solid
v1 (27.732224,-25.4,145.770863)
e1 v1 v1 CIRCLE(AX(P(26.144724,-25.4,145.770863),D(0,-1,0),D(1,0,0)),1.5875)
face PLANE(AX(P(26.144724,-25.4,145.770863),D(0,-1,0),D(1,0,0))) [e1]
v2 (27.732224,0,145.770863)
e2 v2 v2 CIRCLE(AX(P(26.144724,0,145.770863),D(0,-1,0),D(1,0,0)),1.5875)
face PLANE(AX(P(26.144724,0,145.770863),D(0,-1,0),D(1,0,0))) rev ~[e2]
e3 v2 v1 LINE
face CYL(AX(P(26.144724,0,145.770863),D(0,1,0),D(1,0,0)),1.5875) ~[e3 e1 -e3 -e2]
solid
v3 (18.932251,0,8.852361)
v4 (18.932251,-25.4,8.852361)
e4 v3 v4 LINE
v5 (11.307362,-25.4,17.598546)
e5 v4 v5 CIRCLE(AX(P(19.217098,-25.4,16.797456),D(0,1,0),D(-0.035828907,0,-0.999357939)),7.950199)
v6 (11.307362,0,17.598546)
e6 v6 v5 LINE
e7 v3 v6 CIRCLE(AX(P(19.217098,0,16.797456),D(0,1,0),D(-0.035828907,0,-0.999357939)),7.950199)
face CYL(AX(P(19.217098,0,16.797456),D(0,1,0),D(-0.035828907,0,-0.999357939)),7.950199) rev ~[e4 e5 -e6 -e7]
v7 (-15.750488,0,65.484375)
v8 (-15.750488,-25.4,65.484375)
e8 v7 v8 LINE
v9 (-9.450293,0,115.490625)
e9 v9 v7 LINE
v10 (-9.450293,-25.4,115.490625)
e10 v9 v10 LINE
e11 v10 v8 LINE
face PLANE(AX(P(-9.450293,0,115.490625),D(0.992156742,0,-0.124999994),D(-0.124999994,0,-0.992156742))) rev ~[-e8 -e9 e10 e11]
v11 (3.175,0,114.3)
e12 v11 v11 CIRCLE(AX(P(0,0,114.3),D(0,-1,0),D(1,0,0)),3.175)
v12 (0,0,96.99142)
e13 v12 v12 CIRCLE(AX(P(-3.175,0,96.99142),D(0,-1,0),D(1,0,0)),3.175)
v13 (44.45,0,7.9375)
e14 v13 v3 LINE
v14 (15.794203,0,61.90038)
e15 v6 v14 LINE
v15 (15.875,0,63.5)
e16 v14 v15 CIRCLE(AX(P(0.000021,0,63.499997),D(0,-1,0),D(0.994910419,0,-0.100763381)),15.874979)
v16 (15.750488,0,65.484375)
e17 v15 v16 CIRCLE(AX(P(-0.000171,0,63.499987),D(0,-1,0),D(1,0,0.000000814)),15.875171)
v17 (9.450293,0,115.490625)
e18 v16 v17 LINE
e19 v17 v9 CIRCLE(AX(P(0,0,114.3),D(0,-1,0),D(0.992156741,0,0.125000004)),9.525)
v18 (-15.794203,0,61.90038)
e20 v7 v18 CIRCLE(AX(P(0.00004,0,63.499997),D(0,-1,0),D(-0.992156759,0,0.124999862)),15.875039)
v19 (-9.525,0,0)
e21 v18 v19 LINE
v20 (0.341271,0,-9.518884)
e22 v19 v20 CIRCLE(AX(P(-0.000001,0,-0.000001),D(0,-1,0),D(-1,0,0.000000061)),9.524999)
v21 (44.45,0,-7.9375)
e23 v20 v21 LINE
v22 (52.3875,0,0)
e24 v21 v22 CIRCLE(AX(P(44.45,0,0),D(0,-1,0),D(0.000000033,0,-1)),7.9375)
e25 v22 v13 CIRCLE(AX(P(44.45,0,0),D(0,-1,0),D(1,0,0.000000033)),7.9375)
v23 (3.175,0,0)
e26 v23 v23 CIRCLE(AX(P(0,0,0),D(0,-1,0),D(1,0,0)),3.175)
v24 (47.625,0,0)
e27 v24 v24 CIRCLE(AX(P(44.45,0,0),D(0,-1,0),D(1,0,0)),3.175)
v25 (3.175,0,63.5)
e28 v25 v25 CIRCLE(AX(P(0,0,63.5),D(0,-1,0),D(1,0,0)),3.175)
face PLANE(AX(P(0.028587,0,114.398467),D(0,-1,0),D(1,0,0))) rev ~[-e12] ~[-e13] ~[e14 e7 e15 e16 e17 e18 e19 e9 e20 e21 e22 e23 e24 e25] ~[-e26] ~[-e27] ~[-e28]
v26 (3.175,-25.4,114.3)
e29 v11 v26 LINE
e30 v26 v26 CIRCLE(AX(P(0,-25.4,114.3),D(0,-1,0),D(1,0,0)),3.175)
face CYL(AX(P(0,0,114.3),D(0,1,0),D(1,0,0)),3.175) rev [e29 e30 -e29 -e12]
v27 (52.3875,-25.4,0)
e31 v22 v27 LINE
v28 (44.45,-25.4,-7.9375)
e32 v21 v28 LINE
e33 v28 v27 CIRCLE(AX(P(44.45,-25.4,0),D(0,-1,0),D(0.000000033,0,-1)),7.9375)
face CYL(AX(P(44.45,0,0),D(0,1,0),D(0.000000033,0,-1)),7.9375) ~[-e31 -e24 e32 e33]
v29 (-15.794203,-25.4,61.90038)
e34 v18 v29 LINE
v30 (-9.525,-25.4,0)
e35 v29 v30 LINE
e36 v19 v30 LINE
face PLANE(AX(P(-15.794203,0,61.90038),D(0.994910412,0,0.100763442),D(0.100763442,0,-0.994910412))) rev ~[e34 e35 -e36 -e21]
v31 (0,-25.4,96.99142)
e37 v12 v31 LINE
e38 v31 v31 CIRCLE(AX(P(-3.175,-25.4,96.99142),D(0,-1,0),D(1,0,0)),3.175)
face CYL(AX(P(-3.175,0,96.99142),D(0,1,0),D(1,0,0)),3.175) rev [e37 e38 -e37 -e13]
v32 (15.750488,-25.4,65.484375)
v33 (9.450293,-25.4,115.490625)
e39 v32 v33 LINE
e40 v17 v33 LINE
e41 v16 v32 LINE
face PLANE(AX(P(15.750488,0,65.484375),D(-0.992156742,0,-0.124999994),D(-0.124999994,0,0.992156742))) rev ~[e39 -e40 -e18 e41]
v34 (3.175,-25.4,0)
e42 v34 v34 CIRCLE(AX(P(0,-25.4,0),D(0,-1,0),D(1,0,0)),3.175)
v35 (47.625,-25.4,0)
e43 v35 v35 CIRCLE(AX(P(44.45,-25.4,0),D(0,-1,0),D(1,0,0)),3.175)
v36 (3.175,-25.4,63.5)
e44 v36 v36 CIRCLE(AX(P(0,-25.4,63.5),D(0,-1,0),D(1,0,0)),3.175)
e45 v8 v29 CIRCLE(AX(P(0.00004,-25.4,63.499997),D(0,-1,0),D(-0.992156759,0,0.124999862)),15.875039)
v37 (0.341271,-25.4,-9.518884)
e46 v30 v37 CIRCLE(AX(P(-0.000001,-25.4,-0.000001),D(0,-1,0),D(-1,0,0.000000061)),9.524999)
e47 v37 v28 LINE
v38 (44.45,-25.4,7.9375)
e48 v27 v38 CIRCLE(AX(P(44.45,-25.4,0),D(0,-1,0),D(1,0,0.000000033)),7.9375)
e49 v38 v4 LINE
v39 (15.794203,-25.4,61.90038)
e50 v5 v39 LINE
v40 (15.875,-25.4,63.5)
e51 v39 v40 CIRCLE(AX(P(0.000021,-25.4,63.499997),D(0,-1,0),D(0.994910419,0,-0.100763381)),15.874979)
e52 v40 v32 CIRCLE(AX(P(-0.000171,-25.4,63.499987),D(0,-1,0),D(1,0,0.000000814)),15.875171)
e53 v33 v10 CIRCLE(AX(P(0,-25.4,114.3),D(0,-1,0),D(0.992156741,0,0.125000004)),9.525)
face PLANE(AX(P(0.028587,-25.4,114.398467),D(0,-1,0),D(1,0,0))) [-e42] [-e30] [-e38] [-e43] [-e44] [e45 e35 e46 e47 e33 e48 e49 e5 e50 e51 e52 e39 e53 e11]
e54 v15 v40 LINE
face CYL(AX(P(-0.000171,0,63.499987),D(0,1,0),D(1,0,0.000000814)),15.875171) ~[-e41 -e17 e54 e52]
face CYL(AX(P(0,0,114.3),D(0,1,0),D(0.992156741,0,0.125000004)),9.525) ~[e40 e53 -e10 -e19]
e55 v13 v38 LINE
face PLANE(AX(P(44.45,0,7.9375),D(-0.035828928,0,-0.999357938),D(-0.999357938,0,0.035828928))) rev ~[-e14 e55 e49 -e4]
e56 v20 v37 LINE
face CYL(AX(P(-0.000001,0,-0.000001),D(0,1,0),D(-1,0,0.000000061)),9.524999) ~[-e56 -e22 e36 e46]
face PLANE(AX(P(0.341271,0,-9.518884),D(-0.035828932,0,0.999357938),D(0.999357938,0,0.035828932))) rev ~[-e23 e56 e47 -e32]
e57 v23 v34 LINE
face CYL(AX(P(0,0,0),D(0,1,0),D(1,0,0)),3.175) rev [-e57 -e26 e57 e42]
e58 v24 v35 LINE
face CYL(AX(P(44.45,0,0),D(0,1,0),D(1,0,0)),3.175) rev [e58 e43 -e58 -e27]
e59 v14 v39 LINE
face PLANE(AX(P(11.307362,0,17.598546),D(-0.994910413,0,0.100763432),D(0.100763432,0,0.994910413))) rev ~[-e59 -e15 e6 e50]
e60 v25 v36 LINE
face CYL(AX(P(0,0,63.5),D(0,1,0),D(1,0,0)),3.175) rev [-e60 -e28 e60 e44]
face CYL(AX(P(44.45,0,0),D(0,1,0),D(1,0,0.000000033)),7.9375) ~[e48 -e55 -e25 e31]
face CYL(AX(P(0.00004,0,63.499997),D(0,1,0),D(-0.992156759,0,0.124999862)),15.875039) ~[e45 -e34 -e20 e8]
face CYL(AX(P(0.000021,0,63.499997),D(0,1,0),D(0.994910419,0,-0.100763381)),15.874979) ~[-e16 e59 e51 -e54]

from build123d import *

# Parameters (mm, degrees)
F0_R     = 3.175
F0_R_2   = 1.5875
F1_DEPTH = 25.4


with BuildPart() as f1:
    # F0 (on Front) → F1 (new body)
    with BuildSketch(Plane.XZ):
        with BuildLine():
            ThreePointArc((-9.450293, 115.490625), (-0.596483, 104.793695), (9.525, 114.3))
            ThreePointArc((9.525, 114.3), (9.506305, 114.896483), (9.450293, 115.490625))
            ThreePointArc((9.450293, 115.490625), (0, 123.825), (-9.450293, 115.490625))
        make_face()
        with Locations((0, 114.3)):
            Circle(F0_R, mode=Mode.SUBTRACT)
        with BuildLine():
            ThreePointArc((9.450293, 115.490625), (9.506305, 114.896483), (9.525, 114.3))
            ThreePointArc((9.525, 114.3), (-0.596483, 104.793695), (-9.450293, 115.490625))
            Line((-9.450293, 115.490625), (-15.750488, 65.484375))
            ThreePointArc((-15.750488, 65.484375), (0, 79.375), (15.750488, 65.484375))
            Line((15.750488, 65.484375), (9.450293, 115.490625))
        make_face()
        with Locations((-3.175, 96.99142)):
            Circle(F0_R, mode=Mode.SUBTRACT)
        with BuildLine():
            ThreePointArc((15.875, 63.5), (15.843841, 64.494139), (15.750488, 65.484375))
            ThreePointArc((15.750488, 65.484375), (0, 79.375), (-15.750488, 65.484375))
            ThreePointArc((-15.750488, 65.484375), (-15.873819, 63.693615), (-15.794203, 61.90038))
            ThreePointArc((-15.794203, 61.90038), (0, 47.625), (15.794203, 61.90038))
            ThreePointArc((15.794203, 61.90038), (15.854788, 62.699171), (15.875, 63.5))
        make_face()
        with Locations((0, 63.5)):
            Circle(F0_R, mode=Mode.SUBTRACT)
        with BuildLine():
            ThreePointArc((15.794203, 61.90038), (0, 47.625), (-15.794203, 61.90038))
            Line((-15.794203, 61.90038), (-9.525, 0))
            ThreePointArc((-9.525, 0), (0, 9.525), (9.525, 0))
            ThreePointArc((9.525, 0), (6.854788, -6.613434), (0.341271, -9.518884))
            Line((0.341271, -9.518884), (44.45, -7.9375))
            ThreePointArc((44.45, -7.9375), (36.5125, 0), (44.45, 7.9375))
            Line((44.45, 7.9375), (18.932251, 8.852361))
            ThreePointArc((18.932251, 8.852361), (13.224458, 11.573096), (11.307362, 17.598546))
            Line((11.307362, 17.598546), (15.794203, 61.90038))
        make_face()
        with BuildLine():
            ThreePointArc((9.525, 0), (0, 9.525), (-9.525, 0))
            ThreePointArc((-9.525, 0), (-6.613434, -6.854788), (0.341271, -9.518884))
            ThreePointArc((0.341271, -9.518884), (6.854788, -6.613434), (9.525, 0))
        make_face()
        Circle(F0_R, mode=Mode.SUBTRACT)
        with BuildLine():
            ThreePointArc((44.45, 7.9375), (36.5125, 0), (44.45, -7.9375))
            ThreePointArc((44.45, -7.9375), (50.06266, -5.61266), (52.3875, 0))
            ThreePointArc((52.3875, 0), (50.06266, 5.61266), (44.45, 7.9375))
        make_face()
        with Locations((44.45, 0)):
            Circle(F0_R, mode=Mode.SUBTRACT)
        with Locations((26.144724, 145.770863)):
            Circle(F0_R_2)
    extrude(amount=F1_DEPTH)


solid = f1.part
